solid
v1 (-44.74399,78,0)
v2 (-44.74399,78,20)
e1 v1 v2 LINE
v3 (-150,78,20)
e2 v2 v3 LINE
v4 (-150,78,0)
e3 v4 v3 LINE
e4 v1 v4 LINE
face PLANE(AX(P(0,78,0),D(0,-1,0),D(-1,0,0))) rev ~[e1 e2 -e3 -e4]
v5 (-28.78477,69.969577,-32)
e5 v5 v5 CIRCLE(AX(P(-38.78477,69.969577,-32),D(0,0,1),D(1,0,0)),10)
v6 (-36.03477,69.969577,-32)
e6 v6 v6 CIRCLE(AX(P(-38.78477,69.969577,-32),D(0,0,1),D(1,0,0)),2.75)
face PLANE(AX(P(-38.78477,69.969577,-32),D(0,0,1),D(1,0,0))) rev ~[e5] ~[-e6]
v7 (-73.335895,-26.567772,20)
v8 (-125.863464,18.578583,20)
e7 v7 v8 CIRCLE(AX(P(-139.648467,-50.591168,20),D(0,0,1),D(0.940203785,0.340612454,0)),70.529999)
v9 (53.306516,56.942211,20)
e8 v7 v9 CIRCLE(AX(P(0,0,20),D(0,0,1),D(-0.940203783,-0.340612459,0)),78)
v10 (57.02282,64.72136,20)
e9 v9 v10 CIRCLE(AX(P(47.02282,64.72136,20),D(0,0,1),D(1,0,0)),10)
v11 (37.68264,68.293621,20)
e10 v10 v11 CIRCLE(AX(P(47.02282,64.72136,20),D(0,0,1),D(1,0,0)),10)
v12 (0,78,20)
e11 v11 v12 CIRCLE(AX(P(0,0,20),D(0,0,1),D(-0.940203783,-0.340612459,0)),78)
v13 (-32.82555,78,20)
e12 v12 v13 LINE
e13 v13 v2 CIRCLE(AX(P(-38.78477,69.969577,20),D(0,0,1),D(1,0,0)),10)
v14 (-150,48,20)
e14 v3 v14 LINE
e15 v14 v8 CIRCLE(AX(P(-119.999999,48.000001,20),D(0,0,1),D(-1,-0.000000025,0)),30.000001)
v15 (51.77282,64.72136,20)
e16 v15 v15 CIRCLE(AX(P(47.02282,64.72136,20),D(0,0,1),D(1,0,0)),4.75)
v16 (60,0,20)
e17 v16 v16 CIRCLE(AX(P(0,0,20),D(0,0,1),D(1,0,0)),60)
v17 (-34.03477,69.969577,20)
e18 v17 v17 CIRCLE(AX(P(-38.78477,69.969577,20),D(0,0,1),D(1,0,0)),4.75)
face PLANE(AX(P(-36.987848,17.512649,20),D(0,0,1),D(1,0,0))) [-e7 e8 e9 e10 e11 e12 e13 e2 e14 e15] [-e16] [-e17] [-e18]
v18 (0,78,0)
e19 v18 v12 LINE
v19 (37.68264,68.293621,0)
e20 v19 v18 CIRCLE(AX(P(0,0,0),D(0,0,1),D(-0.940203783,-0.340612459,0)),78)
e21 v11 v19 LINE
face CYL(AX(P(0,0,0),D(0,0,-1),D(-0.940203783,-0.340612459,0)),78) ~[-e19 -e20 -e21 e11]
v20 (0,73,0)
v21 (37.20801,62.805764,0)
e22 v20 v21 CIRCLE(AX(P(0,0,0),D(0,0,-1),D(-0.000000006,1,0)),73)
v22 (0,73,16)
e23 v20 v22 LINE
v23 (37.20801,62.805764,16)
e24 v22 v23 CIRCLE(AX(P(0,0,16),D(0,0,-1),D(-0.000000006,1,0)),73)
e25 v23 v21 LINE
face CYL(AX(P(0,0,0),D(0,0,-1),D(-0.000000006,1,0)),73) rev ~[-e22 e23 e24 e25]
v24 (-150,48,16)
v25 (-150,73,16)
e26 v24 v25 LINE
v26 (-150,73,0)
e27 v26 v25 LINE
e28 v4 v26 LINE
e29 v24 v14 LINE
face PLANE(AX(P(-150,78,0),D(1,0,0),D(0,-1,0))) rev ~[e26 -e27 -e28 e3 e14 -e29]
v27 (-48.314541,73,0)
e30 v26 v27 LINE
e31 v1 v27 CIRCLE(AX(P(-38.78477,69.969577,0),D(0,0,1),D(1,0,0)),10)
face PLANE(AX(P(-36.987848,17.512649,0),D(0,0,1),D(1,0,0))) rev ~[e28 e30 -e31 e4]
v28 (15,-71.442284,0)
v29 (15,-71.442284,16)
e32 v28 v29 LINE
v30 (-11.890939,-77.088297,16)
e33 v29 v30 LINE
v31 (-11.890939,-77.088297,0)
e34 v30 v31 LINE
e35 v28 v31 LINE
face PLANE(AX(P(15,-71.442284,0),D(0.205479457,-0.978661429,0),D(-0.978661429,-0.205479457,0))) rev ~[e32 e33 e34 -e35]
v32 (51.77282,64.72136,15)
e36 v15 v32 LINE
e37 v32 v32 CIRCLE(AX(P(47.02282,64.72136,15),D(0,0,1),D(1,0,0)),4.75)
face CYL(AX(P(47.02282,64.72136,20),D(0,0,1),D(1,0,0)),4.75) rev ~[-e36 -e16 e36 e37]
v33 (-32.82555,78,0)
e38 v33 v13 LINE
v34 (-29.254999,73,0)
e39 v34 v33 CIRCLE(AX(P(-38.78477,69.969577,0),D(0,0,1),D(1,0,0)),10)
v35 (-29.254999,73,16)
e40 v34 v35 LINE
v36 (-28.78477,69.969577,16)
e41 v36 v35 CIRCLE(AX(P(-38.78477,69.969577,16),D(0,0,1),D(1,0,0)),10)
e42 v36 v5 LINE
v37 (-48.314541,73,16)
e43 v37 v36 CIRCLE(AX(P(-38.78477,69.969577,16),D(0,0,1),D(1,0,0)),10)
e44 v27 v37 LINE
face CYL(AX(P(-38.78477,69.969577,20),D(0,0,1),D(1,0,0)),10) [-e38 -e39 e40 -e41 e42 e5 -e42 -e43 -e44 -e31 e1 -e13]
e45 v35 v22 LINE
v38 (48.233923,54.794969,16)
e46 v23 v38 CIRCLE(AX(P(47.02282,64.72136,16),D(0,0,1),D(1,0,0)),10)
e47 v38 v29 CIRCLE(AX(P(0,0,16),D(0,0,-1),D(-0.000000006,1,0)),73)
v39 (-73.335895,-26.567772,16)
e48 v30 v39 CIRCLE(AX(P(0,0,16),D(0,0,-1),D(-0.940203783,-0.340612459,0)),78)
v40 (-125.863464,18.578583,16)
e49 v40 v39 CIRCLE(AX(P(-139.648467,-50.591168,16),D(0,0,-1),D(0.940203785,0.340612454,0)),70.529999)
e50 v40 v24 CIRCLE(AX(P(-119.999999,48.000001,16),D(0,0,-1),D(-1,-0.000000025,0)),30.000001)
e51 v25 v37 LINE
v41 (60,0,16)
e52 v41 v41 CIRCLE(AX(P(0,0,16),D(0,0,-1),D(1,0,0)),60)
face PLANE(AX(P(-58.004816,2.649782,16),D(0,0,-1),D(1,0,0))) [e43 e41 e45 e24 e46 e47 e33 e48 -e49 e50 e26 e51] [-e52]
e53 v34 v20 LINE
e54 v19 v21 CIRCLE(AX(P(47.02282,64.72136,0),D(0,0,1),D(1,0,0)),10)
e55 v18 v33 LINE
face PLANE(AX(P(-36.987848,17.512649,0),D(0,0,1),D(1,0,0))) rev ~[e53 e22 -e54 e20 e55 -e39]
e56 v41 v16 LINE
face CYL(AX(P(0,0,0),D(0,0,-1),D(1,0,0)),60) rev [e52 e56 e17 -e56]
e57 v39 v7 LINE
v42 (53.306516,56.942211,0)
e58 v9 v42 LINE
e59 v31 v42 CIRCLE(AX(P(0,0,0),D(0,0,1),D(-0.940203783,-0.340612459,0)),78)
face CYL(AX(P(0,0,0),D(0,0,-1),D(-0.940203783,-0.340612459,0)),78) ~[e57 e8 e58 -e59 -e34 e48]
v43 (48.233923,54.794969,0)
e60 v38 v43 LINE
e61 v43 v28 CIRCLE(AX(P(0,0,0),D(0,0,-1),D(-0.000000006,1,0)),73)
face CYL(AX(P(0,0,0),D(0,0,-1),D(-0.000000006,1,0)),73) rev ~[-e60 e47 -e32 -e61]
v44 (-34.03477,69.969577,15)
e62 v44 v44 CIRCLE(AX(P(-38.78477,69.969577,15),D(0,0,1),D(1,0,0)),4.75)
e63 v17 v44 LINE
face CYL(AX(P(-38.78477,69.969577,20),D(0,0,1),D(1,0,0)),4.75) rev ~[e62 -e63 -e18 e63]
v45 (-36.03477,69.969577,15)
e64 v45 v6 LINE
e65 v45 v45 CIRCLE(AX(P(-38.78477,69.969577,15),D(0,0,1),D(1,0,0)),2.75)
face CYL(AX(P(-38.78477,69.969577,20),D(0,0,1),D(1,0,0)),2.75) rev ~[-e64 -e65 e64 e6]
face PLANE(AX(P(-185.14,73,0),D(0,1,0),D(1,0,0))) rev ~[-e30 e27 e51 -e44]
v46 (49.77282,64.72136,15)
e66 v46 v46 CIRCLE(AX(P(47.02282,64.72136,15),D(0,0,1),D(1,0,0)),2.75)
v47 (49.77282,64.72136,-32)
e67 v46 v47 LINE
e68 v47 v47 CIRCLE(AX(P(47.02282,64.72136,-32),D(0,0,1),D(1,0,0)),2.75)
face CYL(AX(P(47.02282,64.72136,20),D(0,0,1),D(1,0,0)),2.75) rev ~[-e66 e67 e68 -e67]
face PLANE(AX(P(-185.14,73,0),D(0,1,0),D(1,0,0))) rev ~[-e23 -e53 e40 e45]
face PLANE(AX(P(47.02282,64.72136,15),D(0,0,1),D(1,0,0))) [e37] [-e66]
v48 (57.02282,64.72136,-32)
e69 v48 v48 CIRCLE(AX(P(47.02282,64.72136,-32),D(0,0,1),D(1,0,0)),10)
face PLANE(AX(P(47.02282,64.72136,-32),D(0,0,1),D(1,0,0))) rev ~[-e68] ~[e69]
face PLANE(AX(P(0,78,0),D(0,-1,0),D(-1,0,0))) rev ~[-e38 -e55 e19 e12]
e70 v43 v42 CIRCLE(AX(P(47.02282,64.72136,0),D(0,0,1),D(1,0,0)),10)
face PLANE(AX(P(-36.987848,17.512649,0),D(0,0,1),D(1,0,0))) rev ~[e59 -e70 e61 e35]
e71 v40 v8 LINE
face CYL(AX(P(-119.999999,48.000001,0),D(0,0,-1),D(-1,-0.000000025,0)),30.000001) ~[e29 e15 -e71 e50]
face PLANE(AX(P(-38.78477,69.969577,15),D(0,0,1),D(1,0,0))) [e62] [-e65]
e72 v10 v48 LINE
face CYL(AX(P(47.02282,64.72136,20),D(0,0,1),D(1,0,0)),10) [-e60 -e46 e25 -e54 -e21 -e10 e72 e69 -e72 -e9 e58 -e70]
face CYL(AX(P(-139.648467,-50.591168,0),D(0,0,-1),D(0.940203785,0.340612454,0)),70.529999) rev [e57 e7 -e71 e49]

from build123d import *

# Parameters (mm, degrees)
SKETCH_R        = 60
PAD_DEPTH       = 20
POCKET_DEPTH    = 16
SKETCH002_R     = 10
PAD001_DEPTH    = 52
SKETCH003_R     = 2.75
POCKET001_DEPTH = 52.001
SKETCH004_R     = 4.75
POCKET002_DEPTH = 5


with BuildPart() as part:
    # Sketch → Pad (new body)
    with BuildSketch(Plane.XY):
        with BuildLine():
            Line((0, 78), (-150, 78))
            Line((-150, 78), (-150, 48))
            ThreePointArc((-150, 48), (-143.193791, 28.97244), (-125.863464, 18.578583))
            ThreePointArc((-73.335895, -26.567772), (-93.676152, 2.897401), (-125.863464, 18.578583))
            ThreePointArc((-73.335895, -26.567772), (63.860341, -44.786794), (0, 78))
        make_face()
        Circle(SKETCH_R, mode=Mode.SUBTRACT)
    extrude(amount=PAD_DEPTH)

    # Sketch001 (on Face7 of Pad) → Pocket (cut)
    with BuildSketch(Plane(origin=(0, 0, 0), x_dir=(1, 0, 0), z_dir=(0, 0, -1))):
        with BuildLine():
            Line((-185.14, -73), (0, -73))
            ThreePointArc((0, -73), (72.609527, -7.540333), (15, 71.442284))
            Line((15, 71.442284), (-105.864687, 96.818997))
            Line((-105.864687, 96.818997), (-185.14, -73))
        make_face()
    extrude(amount=-POCKET_DEPTH, mode=Mode.SUBTRACT)

    # Sketch002 (on Face5 of Pocket) → Pad001 (join)
    with BuildSketch(Plane.XY.offset(20)):
        with Locations((-38.78477, 69.969577)):
            Circle(SKETCH002_R)
        with Locations((47.02282, 64.72136)):
            Circle(SKETCH002_R)
    extrude(amount=-PAD001_DEPTH)

    # Sketch003 (on Face22 of Pad001) → Pocket001 (cut, through all)
    with BuildSketch(Plane.XY.offset(20)):
        with Locations((-38.78477, 69.969577)):
            Circle(SKETCH003_R)
        with Locations((47.02282, 64.72136)):
            Circle(SKETCH003_R)
    extrude(amount=-POCKET001_DEPTH, mode=Mode.SUBTRACT)

    # Sketch004 (on Face20 of Pocket001) → Pocket002 (cut)
    with BuildSketch(Plane.XY.offset(20)):
        with Locations((-38.78477, 69.969577)):
            Circle(SKETCH004_R)
        with Locations((47.02282, 64.72136)):
            Circle(SKETCH004_R)
    extrude(amount=-POCKET002_DEPTH, mode=Mode.SUBTRACT)


solid = part.part
